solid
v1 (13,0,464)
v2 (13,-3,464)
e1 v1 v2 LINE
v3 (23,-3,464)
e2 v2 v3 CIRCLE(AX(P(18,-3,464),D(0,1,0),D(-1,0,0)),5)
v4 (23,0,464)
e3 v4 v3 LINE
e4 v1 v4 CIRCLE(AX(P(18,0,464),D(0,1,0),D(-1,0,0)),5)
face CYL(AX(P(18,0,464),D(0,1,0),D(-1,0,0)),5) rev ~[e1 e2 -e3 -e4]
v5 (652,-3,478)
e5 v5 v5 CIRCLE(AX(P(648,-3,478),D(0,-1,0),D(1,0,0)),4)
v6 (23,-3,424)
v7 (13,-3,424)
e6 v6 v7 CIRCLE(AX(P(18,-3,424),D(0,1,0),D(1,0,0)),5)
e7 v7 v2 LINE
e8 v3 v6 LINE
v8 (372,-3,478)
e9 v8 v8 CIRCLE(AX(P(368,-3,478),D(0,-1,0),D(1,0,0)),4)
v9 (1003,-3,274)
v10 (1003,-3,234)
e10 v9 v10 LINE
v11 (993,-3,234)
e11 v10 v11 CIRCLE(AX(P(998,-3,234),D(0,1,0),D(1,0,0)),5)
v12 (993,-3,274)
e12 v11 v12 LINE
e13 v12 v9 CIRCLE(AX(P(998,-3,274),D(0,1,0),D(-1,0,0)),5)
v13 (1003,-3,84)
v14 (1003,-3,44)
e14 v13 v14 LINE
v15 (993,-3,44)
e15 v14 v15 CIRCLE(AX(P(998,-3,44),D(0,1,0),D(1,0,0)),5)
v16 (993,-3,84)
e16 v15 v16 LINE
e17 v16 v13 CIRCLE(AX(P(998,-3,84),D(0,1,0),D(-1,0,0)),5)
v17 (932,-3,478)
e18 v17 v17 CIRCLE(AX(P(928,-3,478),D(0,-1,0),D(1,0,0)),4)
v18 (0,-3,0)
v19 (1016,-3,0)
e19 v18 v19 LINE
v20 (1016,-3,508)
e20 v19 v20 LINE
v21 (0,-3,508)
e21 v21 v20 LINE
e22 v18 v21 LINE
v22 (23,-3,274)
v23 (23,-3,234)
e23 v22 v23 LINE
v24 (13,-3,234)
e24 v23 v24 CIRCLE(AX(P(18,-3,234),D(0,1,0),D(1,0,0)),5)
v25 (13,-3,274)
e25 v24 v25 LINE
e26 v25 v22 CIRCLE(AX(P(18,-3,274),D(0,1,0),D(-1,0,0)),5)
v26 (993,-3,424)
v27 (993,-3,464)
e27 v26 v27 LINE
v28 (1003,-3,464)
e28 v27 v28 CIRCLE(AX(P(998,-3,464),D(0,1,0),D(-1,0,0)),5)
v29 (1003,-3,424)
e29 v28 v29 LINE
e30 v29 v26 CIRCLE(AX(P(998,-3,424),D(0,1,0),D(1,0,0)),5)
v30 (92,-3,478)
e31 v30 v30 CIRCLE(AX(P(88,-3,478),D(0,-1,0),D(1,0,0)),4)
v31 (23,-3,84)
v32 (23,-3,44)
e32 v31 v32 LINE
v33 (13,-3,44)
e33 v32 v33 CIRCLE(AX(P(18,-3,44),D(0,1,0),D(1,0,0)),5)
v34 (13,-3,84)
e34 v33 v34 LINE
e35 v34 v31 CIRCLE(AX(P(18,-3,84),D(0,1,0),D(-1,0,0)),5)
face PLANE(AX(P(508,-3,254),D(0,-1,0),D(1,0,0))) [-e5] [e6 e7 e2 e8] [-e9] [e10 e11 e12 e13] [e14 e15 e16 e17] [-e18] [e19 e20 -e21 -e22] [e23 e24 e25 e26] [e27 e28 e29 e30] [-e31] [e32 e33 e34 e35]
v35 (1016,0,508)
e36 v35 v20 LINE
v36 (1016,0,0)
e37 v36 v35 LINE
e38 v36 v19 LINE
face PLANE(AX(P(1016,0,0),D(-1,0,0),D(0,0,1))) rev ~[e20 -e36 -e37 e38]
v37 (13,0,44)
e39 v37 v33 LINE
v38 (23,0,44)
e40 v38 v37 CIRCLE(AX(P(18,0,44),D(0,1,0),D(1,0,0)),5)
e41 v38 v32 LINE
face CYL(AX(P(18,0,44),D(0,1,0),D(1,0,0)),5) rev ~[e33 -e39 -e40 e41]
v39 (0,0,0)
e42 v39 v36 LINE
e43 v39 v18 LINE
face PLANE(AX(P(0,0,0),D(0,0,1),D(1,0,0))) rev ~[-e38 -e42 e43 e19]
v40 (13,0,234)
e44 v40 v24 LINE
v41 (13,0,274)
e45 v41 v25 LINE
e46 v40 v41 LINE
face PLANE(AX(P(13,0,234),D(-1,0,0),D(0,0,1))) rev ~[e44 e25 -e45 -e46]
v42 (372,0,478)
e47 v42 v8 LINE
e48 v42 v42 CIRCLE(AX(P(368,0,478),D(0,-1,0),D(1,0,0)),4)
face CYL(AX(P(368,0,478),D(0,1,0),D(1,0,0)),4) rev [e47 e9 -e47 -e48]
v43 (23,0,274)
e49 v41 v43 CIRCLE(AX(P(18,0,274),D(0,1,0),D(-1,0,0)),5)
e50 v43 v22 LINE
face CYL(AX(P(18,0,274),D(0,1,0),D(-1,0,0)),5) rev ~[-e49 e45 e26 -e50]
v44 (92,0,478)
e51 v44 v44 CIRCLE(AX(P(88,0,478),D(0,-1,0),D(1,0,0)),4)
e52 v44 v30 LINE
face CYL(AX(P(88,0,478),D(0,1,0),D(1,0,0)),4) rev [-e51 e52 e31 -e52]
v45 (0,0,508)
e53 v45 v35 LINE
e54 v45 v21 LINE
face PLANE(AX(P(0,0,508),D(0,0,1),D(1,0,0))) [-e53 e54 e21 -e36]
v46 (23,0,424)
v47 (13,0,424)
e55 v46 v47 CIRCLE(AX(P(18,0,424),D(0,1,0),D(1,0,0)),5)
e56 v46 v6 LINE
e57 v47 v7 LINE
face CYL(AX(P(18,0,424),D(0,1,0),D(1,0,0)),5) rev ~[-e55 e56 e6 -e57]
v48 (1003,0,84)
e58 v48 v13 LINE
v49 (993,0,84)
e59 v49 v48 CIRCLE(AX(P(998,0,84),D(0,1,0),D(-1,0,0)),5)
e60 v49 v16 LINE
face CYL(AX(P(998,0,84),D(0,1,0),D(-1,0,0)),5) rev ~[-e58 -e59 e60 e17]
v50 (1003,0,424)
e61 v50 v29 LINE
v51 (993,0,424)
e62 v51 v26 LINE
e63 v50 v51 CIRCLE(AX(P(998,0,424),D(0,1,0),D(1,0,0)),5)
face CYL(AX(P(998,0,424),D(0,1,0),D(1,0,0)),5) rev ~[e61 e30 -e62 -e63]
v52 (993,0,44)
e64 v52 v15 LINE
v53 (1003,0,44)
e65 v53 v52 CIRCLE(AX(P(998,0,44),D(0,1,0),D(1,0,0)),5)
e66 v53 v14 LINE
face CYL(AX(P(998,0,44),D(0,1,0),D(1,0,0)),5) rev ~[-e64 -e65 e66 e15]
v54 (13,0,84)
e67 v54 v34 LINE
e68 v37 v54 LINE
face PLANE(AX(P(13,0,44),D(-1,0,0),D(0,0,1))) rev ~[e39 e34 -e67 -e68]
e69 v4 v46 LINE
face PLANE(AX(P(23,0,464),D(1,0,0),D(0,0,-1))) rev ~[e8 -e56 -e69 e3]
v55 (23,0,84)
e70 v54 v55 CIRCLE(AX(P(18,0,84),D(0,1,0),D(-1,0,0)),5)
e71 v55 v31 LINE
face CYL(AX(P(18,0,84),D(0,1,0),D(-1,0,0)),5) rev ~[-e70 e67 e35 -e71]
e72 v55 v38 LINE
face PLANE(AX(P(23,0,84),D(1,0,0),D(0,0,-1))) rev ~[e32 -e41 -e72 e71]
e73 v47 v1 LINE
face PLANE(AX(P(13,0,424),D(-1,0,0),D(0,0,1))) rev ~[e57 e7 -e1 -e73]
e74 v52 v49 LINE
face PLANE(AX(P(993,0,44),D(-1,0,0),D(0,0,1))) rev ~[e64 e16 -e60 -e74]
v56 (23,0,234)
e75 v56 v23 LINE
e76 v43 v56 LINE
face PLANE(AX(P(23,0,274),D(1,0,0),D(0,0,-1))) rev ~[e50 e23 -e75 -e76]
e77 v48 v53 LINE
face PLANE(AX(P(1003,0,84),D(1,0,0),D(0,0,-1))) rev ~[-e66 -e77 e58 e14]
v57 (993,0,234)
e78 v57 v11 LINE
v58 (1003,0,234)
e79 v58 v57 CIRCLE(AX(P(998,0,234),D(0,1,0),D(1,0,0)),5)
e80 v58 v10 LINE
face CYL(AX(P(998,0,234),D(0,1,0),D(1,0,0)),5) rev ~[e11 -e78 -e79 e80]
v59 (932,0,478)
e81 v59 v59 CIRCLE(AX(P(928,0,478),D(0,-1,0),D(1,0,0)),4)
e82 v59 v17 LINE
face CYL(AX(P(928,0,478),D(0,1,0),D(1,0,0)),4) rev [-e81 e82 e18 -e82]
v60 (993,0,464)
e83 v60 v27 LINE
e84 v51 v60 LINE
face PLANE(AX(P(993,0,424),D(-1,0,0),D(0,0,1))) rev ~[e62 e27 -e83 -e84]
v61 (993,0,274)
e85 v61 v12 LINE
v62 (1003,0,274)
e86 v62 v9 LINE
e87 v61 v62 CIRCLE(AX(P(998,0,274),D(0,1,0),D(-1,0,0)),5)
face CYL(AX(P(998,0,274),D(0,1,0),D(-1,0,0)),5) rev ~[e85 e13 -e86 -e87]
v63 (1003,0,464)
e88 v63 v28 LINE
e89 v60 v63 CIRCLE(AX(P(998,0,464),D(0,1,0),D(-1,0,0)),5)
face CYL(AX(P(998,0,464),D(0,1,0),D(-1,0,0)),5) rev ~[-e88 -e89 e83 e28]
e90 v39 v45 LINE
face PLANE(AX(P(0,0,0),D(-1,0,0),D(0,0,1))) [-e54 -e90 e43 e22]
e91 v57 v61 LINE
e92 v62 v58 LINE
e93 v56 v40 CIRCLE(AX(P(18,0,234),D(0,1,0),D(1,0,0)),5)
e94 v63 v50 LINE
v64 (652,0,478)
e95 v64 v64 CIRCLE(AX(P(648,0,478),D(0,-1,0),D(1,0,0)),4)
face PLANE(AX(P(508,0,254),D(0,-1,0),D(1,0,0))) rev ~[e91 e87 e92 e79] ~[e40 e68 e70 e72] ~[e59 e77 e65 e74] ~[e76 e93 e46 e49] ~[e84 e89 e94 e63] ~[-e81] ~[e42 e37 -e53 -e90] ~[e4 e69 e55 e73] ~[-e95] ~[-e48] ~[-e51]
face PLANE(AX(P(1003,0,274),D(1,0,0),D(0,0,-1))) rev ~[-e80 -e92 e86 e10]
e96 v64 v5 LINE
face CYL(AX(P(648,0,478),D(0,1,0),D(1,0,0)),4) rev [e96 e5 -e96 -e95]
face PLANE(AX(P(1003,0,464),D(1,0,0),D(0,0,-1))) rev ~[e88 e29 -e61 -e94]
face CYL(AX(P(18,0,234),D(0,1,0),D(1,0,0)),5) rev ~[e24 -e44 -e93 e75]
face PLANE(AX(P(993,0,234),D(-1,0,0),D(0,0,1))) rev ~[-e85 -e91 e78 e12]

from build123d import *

# Parameters (mm, degrees)
F0_W     = 1016
F0_H     = 508
F0_R     = 4
F1_DEPTH = 3


with BuildPart() as f1:
    # F0 (on Front) → F1 (new body)
    with BuildSketch(Plane.XZ):
        with Locations((508, 254)):
            Rectangle(F0_W, F0_H)
        with BuildLine():
            ThreePointArc((13, 84), (18, 89), (23, 84))
            Line((23, 84), (23, 44))
            ThreePointArc((23, 44), (18, 39), (13, 44))
            Line((13, 44), (13, 84))
        make_face(mode=Mode.SUBTRACT)
        with BuildLine():
            ThreePointArc((1003, 44), (998, 39), (993, 44))
            Line((993, 44), (993, 84))
            ThreePointArc((993, 84), (998, 89), (1003, 84))
            Line((1003, 84), (1003, 44))
        make_face(mode=Mode.SUBTRACT)
        with BuildLine():
            ThreePointArc((13, 274), (18, 279), (23, 274))
            Line((23, 274), (23, 234))
            ThreePointArc((23, 234), (18, 229), (13, 234))
            Line((13, 234), (13, 274))
        make_face(mode=Mode.SUBTRACT)
        with BuildLine():
            ThreePointArc((13, 464), (18, 469), (23, 464))
            Line((23, 464), (23, 424))
            ThreePointArc((23, 424), (18, 419), (13, 424))
            Line((13, 424), (13, 464))
        make_face(mode=Mode.SUBTRACT)
        with Locations((88, 478)):
            Circle(F0_R, mode=Mode.SUBTRACT)
        with Locations((368, 478)):
            Circle(F0_R, mode=Mode.SUBTRACT)
        with BuildLine():
            ThreePointArc((993, 274), (998, 279), (1003, 274))
            Line((1003, 274), (1003, 234))
            ThreePointArc((1003, 234), (998, 229), (993, 234))
            Line((993, 234), (993, 274))
        make_face(mode=Mode.SUBTRACT)
        with Locations((648, 478)):
            Circle(F0_R, mode=Mode.SUBTRACT)
        with BuildLine():
            ThreePointArc((993, 464), (998, 469), (1003, 464))
            Line((1003, 464), (1003, 424))
            ThreePointArc((1003, 424), (998, 419), (993, 424))
            Line((993, 424), (993, 464))
        make_face(mode=Mode.SUBTRACT)
        with Locations((928, 478)):
            Circle(F0_R, mode=Mode.SUBTRACT)
    extrude(amount=F1_DEPTH)


solid = f1.part
